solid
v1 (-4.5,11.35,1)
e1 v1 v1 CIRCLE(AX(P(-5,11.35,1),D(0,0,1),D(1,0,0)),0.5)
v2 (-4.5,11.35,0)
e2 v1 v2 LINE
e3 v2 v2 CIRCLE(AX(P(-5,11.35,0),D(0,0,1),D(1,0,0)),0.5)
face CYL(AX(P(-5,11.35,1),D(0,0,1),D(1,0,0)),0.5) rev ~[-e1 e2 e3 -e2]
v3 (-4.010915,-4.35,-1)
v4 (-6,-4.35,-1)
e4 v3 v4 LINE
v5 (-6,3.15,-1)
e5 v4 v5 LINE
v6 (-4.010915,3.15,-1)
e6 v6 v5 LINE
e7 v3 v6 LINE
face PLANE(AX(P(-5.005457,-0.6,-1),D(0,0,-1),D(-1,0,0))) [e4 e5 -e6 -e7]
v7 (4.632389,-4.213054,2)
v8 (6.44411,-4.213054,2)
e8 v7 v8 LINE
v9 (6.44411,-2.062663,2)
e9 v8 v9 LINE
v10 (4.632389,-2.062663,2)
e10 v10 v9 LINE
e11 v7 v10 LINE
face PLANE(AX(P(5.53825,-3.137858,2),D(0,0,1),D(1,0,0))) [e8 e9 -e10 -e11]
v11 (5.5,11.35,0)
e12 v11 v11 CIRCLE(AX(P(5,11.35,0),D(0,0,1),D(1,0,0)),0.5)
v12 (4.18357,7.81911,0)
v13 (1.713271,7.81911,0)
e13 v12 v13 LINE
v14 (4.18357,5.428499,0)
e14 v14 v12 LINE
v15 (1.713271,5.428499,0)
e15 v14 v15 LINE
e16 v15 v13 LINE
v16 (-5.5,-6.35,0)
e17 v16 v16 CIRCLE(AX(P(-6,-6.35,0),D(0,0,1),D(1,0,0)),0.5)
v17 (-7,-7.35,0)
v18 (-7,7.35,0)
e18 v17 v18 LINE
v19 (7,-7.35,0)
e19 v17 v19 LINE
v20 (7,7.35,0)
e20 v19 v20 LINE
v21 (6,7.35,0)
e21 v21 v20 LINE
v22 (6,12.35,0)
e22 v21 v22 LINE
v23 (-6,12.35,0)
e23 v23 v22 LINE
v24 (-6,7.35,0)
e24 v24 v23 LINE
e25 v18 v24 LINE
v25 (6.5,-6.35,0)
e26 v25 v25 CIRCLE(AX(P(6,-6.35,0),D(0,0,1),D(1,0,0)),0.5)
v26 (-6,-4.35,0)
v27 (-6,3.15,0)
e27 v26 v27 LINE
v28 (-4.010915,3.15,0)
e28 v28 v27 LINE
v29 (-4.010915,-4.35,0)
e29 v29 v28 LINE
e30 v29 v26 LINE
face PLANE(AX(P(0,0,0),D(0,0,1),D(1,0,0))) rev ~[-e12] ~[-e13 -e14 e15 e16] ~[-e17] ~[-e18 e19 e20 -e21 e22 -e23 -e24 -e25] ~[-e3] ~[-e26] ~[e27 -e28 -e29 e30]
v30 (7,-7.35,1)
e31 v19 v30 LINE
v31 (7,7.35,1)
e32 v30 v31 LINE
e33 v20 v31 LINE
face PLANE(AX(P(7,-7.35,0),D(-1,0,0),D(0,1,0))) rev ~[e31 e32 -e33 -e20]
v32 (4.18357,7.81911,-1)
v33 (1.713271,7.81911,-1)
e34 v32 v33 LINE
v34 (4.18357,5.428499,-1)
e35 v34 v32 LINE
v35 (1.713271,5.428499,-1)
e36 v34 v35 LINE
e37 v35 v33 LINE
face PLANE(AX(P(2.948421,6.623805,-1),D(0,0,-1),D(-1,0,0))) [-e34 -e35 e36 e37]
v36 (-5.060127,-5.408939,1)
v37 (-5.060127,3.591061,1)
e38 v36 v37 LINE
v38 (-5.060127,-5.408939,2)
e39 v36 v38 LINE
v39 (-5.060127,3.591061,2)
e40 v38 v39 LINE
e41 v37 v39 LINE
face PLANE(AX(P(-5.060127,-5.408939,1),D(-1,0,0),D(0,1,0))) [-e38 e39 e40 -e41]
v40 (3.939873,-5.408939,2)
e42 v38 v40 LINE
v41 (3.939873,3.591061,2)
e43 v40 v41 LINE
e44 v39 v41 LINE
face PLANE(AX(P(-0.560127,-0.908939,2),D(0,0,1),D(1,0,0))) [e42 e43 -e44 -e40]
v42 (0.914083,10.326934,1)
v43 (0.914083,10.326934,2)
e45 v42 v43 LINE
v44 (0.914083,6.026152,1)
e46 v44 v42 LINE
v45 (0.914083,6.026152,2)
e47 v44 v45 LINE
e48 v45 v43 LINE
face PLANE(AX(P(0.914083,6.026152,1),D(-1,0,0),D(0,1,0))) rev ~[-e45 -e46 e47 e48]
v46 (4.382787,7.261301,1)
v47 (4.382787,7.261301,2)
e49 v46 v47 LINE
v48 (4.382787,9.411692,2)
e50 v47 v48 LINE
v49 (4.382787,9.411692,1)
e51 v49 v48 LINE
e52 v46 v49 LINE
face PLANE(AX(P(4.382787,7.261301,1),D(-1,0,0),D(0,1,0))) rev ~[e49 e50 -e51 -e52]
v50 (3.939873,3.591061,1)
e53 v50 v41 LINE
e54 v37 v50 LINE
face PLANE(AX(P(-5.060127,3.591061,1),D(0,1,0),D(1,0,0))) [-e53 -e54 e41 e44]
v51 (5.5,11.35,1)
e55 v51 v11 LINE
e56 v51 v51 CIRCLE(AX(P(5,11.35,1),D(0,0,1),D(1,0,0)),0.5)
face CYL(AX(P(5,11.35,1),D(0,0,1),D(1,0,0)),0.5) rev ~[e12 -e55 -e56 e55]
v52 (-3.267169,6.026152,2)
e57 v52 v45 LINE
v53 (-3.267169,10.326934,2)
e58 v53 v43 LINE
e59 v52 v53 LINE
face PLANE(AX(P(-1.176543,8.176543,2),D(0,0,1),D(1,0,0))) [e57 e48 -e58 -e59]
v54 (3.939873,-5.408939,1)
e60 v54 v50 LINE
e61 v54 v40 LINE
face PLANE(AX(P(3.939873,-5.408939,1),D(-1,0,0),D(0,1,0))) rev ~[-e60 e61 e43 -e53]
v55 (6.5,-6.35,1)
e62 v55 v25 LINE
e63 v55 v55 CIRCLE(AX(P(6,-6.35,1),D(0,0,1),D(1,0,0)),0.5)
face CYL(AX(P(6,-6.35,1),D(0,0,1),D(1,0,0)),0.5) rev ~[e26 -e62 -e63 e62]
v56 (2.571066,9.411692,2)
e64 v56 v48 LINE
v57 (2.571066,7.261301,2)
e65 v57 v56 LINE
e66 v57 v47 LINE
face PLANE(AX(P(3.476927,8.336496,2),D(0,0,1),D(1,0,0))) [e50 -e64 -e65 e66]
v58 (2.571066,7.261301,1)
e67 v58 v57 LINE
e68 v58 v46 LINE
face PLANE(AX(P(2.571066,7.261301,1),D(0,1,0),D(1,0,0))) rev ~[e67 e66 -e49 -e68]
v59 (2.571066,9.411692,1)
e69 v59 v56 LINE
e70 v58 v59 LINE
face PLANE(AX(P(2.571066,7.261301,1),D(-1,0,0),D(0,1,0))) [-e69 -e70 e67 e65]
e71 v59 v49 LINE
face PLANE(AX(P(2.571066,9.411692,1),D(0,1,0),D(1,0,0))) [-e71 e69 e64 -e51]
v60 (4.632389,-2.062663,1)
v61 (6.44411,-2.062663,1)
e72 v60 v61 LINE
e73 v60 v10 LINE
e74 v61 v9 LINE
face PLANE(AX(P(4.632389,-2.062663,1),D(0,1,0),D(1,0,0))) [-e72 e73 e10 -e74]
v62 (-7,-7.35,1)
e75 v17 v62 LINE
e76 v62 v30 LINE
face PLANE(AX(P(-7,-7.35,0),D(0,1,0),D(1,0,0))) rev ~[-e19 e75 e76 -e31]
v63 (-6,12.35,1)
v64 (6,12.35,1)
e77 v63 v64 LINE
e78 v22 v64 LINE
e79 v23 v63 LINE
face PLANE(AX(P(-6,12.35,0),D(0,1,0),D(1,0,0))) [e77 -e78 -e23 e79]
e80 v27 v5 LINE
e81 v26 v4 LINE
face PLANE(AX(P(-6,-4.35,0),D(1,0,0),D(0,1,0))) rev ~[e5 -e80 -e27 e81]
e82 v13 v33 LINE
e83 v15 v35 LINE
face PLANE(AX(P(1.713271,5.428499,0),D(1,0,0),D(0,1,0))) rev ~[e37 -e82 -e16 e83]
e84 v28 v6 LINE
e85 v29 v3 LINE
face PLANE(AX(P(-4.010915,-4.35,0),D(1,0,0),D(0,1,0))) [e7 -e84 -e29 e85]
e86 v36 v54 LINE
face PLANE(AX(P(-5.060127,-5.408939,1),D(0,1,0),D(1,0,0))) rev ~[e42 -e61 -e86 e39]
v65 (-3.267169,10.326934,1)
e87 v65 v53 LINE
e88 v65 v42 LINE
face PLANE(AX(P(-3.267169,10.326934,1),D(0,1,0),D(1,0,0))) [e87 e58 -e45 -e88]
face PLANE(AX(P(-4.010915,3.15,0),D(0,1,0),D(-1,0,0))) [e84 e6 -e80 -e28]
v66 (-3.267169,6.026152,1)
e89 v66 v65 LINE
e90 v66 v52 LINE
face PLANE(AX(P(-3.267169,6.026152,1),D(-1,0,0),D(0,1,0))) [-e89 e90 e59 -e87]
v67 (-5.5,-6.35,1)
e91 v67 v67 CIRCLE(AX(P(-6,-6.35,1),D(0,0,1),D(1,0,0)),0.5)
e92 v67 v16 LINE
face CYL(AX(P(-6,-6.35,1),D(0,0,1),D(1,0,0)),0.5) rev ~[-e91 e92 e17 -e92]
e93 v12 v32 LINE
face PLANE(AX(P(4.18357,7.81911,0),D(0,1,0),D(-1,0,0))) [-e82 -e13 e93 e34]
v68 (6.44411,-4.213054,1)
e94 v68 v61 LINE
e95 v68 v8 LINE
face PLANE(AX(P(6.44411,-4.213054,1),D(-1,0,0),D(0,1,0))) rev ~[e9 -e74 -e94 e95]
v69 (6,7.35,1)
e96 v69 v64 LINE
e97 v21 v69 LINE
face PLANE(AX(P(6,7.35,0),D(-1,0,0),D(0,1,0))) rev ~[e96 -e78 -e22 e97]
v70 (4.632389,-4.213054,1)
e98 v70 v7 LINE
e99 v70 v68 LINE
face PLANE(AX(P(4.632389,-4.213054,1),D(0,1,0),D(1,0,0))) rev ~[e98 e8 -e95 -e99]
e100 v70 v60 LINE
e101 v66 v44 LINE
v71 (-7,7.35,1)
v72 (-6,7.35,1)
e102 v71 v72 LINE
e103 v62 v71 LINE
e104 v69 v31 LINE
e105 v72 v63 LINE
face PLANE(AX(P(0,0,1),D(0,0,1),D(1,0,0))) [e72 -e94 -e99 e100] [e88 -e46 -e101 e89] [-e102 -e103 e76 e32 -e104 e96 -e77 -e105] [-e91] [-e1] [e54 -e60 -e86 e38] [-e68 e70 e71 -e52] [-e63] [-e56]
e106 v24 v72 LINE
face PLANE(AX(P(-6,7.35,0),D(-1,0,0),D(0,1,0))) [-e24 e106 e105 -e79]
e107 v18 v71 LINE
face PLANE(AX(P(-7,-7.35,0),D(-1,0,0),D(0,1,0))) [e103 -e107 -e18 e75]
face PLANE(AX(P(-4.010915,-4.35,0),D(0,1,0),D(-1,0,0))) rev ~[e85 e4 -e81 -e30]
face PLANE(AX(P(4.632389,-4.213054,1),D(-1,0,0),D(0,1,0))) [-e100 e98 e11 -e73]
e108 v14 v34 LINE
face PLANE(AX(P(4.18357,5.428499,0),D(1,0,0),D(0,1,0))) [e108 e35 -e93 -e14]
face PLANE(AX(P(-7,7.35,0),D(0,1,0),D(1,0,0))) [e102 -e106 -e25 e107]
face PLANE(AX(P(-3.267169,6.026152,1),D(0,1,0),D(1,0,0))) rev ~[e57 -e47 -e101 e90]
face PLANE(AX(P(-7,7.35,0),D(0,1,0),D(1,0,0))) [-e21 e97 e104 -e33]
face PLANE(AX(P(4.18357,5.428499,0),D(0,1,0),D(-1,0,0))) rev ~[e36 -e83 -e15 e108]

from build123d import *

# Parameters (mm, degrees)
SKETCH_1_W          = 14
SKETCH_1_H          = 14.7
EXTRUDE_1_DEPTH     = 1
SKETCH_2_W          = 12
SKETCH_2_H          = 5
EXTRUDE_2_DEPTH     = 1
SKETCH_3_R          = 0.5
CUT_EXTRUDE_1_DEPTH = 2
SKETCH_4_W          = 4.181251824
SKETCH_4_H          = 4.30078239
SKETCH_4_W_2        = 9
SKETCH_4_H_2        = 9
SKETCH_4_W_3        = 1.811721258
SKETCH_4_H_3        = 2.150391195
EXTRUDE_3_DEPTH     = 1
SKETCH_5_W          = 1.98908545
SKETCH_5_H          = 7.5
SKETCH_5_W_2        = 2.470298365
SKETCH_5_H_2        = 2.390611322
EXTRUDE_4_DEPTH     = 1


with BuildPart() as part:
    # 草图1 → 凸台-拉伸1 (new body)
    with BuildSketch(Plane.XY):
        Rectangle(SKETCH_1_W, SKETCH_1_H)
    extrude(amount=EXTRUDE_1_DEPTH)

    # 草图2 → 凸台-拉伸2 (add)
    with BuildSketch(Plane.XY):
        with Locations((0, 9.85)):
            Rectangle(SKETCH_2_W, SKETCH_2_H)
    extrude(amount=EXTRUDE_2_DEPTH)

    # 草图3 → 切除-拉伸1 (cut, through all)
    with BuildSketch(Plane.XY.offset(1)):
        with Locations((-5, 11.35)):
            Circle(SKETCH_3_R)
        with Locations((5, 11.35)):
            Circle(SKETCH_3_R)
        with Locations((-6, -6.35)):
            Circle(SKETCH_3_R)
        with Locations((6, -6.35)):
            Circle(SKETCH_3_R)
    extrude(amount=-CUT_EXTRUDE_1_DEPTH, mode=Mode.SUBTRACT)

    # 草图4 → 凸台-拉伸3 (add)
    with BuildSketch(Plane.XY.offset(1)):
        with Locations((-1.176542894, 8.176542894)):
            Rectangle(SKETCH_4_W, SKETCH_4_H)
        with Locations((-0.560127297, -0.908939121)):
            Rectangle(SKETCH_4_W_2, SKETCH_4_H_2)
        with Locations((3.476926793, 8.336496479)):
            Rectangle(SKETCH_4_W_3, SKETCH_4_H_3)
        with Locations((5.538249561, -3.137858366)):
            Rectangle(SKETCH_4_W_3, SKETCH_4_H_3)
    extrude(amount=EXTRUDE_3_DEPTH)

    # 草图5 → 凸台-拉伸4 (add)
    with BuildSketch(Plane(origin=(0, 0, 0), x_dir=(-1, 0, 0), z_dir=(0, 0, -1))):
        with Locations((5.005457275, -0.6)):
            Rectangle(SKETCH_5_W, SKETCH_5_H)
        with Locations((-2.94842063, 6.623804529)):
            Rectangle(SKETCH_5_W_2, SKETCH_5_H_2)
    extrude(amount=EXTRUDE_4_DEPTH)


solid = part.part
